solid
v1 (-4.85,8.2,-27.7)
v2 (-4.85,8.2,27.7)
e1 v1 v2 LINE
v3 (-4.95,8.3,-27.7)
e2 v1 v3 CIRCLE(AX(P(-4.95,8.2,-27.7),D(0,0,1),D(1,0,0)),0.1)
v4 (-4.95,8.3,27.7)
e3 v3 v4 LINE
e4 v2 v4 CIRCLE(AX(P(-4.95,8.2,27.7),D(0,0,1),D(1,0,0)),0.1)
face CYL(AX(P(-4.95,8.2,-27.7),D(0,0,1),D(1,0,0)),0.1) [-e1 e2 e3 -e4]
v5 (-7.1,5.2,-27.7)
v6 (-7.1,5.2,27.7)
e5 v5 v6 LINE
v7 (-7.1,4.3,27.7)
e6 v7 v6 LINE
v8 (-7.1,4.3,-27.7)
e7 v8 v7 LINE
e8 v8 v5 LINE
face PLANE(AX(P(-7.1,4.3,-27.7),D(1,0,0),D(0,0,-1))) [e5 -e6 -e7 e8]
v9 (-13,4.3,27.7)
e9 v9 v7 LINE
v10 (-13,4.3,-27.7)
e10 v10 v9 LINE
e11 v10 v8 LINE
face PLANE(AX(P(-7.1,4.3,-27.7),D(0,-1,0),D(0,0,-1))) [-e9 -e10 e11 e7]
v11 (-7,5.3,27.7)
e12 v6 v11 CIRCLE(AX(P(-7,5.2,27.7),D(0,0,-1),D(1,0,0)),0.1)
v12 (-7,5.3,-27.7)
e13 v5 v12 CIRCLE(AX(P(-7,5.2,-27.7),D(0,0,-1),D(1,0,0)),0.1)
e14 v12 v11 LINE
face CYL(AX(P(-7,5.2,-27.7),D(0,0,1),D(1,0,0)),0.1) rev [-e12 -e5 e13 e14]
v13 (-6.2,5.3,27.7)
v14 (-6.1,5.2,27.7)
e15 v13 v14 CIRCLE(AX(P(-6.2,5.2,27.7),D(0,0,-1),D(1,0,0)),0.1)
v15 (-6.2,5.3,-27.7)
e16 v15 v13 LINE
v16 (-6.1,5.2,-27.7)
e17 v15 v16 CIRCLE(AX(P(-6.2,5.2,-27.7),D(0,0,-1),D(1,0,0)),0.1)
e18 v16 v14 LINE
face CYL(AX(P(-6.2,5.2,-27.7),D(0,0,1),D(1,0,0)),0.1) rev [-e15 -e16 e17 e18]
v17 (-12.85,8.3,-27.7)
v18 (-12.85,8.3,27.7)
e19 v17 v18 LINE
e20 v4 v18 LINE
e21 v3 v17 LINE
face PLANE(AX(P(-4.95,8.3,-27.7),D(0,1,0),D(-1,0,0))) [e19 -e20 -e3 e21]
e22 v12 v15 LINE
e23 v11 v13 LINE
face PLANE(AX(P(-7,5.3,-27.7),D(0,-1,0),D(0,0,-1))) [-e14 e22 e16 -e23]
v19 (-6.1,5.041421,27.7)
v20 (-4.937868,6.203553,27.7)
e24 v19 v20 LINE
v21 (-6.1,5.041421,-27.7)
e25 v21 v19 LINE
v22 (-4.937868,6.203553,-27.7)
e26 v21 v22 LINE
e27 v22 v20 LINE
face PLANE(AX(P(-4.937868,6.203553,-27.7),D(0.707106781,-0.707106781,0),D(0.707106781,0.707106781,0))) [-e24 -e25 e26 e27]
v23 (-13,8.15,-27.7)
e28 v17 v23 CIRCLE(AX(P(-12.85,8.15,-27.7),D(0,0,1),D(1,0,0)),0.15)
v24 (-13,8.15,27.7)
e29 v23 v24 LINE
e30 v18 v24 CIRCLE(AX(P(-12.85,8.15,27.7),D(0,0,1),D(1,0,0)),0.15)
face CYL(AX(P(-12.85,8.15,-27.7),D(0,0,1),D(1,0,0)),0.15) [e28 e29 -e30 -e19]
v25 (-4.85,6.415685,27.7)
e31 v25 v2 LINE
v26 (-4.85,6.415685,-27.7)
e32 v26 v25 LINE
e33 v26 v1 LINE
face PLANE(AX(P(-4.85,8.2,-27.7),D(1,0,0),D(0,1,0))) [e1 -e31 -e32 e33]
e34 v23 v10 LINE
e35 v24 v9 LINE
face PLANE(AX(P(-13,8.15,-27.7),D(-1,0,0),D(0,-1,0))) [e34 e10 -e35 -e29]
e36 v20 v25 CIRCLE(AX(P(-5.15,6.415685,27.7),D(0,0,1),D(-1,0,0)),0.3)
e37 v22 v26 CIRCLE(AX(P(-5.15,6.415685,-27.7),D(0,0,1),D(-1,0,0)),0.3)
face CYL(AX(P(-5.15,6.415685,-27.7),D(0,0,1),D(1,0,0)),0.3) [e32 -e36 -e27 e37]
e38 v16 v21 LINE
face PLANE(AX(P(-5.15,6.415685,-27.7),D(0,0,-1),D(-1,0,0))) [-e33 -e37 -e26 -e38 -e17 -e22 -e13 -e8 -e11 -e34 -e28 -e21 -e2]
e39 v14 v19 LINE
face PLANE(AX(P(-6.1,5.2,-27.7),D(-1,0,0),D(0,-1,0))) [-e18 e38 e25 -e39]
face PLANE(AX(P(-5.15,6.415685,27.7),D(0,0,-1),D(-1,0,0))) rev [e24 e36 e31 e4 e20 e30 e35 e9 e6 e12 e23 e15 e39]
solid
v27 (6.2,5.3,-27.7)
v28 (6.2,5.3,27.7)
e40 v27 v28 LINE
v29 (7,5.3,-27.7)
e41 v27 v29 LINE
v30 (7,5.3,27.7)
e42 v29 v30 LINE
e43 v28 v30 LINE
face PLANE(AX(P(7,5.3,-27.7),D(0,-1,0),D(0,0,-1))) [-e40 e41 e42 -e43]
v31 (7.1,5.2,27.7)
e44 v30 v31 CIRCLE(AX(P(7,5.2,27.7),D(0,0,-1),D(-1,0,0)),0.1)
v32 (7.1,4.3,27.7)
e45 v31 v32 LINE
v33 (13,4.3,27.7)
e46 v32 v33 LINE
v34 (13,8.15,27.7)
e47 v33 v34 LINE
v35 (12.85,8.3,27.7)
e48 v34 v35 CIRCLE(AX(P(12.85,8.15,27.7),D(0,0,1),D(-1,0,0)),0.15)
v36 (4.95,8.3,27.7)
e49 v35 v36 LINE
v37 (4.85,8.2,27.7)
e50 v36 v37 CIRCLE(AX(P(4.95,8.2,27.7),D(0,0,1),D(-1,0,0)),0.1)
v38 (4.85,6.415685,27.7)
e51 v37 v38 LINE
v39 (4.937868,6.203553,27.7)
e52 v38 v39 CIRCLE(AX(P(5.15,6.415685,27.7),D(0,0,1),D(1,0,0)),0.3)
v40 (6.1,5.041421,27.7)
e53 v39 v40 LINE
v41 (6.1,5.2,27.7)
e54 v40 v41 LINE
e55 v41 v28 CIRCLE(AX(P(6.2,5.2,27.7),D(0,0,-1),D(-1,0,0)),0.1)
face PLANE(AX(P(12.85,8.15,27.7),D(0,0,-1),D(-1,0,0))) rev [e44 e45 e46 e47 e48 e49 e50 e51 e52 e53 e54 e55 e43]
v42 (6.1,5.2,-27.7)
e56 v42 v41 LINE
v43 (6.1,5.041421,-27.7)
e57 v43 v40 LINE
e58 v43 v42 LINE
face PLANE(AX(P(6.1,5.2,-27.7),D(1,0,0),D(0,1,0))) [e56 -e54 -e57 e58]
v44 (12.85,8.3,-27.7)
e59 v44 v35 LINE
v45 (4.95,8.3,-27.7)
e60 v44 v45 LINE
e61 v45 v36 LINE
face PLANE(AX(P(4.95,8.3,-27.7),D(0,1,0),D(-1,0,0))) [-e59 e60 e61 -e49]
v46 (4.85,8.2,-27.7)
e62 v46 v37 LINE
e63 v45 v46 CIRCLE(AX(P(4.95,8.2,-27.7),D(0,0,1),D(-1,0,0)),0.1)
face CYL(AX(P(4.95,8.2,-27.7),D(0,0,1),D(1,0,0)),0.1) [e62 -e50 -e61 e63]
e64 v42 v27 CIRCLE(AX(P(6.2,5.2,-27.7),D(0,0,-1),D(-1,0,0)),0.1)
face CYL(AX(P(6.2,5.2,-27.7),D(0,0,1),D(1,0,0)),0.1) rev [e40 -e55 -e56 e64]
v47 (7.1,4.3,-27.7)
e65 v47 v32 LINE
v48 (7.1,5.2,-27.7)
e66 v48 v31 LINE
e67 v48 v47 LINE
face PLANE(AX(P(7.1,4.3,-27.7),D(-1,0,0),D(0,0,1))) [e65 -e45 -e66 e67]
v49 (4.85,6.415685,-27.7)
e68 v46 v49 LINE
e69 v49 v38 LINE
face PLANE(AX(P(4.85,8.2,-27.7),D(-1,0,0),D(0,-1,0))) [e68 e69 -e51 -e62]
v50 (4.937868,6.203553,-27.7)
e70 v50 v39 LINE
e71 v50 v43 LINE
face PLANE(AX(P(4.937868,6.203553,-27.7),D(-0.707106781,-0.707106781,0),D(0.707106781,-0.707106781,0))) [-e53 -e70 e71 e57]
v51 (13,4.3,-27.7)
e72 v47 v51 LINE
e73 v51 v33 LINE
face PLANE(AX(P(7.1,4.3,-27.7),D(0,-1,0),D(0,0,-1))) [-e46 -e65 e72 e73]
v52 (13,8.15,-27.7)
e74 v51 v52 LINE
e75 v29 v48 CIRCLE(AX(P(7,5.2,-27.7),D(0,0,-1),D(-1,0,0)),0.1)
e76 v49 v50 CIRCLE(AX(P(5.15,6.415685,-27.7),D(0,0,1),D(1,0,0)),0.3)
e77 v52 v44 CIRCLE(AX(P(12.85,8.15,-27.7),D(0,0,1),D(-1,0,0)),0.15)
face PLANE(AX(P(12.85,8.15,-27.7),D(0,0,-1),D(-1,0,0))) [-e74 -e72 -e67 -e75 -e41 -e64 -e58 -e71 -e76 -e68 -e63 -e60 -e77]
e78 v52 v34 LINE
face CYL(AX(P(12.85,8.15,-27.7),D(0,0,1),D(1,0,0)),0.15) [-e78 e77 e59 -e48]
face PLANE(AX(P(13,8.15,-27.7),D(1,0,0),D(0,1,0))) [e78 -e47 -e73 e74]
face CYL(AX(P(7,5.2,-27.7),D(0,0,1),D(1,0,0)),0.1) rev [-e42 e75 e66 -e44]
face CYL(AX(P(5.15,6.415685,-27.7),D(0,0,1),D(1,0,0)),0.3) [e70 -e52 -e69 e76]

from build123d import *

# Parameters (mm, degrees)
RETAINERS_DEPTH   = 27.7
RETAINERS_2_DEPTH = 27.7


with BuildPart() as part:
    # Retainer Profile → Retainers (new body, symmetric)
    with BuildSketch(Plane.XY):
        with BuildLine():
            Line((13, 8.15), (13, 4.3))
            Line((13, 4.3), (7.1, 4.3))
            Line((7.1, 4.3), (7.1, 5.2))
            ThreePointArc((7.1, 5.2), (7.070710678, 5.270710678), (7, 5.3))
            Line((7, 5.3), (6.2, 5.3))
            ThreePointArc((6.2, 5.3), (6.129289322, 5.270710678), (6.1, 5.2))
            Line((6.1, 5.2), (6.1, 5.041421356))
            Line((6.1, 5.041421356), (4.937867966, 6.203553391))
            ThreePointArc((4.937867966, 6.203553391), (4.87283614, 6.300880395), (4.85, 6.415685425))
            Line((4.85, 6.415685425), (4.85, 8.2))
            ThreePointArc((4.85, 8.2), (4.879289322, 8.270710678), (4.95, 8.3))
            Line((4.95, 8.3), (12.85, 8.3))
            ThreePointArc((12.85, 8.3), (12.956066017, 8.256066017), (13, 8.15))
        make_face()
    extrude(amount=RETAINERS_DEPTH, both=True)


with BuildPart() as body_2:
    # Retainer Profile → Retainers 2 (new body, symmetric)
    with BuildSketch(Plane.XY):
        with BuildLine():
            Line((-4.937867966, 6.203553391), (-6.1, 5.041421356))
            Line((-6.1, 5.041421356), (-6.1, 5.2))
            ThreePointArc((-6.1, 5.2), (-6.129289322, 5.270710678), (-6.2, 5.3))
            Line((-6.2, 5.3), (-7, 5.3))
            ThreePointArc((-7, 5.3), (-7.070710678, 5.270710678), (-7.1, 5.2))
            Line((-7.1, 5.2), (-7.1, 4.3))
            Line((-7.1, 4.3), (-13, 4.3))
            Line((-13, 4.3), (-13, 8.15))
            ThreePointArc((-13, 8.15), (-12.956066017, 8.256066017), (-12.85, 8.3))
            Line((-12.85, 8.3), (-4.95, 8.3))
            ThreePointArc((-4.95, 8.3), (-4.879289322, 8.270710678), (-4.85, 8.2))
            Line((-4.85, 8.2), (-4.85, 6.415685425))
            ThreePointArc((-4.85, 6.415685425), (-4.87283614, 6.300880395), (-4.937867966, 6.203553391))
        make_face()
    extrude(amount=RETAINERS_2_DEPTH, both=True)


solid = Compound([part.part, body_2.part])
